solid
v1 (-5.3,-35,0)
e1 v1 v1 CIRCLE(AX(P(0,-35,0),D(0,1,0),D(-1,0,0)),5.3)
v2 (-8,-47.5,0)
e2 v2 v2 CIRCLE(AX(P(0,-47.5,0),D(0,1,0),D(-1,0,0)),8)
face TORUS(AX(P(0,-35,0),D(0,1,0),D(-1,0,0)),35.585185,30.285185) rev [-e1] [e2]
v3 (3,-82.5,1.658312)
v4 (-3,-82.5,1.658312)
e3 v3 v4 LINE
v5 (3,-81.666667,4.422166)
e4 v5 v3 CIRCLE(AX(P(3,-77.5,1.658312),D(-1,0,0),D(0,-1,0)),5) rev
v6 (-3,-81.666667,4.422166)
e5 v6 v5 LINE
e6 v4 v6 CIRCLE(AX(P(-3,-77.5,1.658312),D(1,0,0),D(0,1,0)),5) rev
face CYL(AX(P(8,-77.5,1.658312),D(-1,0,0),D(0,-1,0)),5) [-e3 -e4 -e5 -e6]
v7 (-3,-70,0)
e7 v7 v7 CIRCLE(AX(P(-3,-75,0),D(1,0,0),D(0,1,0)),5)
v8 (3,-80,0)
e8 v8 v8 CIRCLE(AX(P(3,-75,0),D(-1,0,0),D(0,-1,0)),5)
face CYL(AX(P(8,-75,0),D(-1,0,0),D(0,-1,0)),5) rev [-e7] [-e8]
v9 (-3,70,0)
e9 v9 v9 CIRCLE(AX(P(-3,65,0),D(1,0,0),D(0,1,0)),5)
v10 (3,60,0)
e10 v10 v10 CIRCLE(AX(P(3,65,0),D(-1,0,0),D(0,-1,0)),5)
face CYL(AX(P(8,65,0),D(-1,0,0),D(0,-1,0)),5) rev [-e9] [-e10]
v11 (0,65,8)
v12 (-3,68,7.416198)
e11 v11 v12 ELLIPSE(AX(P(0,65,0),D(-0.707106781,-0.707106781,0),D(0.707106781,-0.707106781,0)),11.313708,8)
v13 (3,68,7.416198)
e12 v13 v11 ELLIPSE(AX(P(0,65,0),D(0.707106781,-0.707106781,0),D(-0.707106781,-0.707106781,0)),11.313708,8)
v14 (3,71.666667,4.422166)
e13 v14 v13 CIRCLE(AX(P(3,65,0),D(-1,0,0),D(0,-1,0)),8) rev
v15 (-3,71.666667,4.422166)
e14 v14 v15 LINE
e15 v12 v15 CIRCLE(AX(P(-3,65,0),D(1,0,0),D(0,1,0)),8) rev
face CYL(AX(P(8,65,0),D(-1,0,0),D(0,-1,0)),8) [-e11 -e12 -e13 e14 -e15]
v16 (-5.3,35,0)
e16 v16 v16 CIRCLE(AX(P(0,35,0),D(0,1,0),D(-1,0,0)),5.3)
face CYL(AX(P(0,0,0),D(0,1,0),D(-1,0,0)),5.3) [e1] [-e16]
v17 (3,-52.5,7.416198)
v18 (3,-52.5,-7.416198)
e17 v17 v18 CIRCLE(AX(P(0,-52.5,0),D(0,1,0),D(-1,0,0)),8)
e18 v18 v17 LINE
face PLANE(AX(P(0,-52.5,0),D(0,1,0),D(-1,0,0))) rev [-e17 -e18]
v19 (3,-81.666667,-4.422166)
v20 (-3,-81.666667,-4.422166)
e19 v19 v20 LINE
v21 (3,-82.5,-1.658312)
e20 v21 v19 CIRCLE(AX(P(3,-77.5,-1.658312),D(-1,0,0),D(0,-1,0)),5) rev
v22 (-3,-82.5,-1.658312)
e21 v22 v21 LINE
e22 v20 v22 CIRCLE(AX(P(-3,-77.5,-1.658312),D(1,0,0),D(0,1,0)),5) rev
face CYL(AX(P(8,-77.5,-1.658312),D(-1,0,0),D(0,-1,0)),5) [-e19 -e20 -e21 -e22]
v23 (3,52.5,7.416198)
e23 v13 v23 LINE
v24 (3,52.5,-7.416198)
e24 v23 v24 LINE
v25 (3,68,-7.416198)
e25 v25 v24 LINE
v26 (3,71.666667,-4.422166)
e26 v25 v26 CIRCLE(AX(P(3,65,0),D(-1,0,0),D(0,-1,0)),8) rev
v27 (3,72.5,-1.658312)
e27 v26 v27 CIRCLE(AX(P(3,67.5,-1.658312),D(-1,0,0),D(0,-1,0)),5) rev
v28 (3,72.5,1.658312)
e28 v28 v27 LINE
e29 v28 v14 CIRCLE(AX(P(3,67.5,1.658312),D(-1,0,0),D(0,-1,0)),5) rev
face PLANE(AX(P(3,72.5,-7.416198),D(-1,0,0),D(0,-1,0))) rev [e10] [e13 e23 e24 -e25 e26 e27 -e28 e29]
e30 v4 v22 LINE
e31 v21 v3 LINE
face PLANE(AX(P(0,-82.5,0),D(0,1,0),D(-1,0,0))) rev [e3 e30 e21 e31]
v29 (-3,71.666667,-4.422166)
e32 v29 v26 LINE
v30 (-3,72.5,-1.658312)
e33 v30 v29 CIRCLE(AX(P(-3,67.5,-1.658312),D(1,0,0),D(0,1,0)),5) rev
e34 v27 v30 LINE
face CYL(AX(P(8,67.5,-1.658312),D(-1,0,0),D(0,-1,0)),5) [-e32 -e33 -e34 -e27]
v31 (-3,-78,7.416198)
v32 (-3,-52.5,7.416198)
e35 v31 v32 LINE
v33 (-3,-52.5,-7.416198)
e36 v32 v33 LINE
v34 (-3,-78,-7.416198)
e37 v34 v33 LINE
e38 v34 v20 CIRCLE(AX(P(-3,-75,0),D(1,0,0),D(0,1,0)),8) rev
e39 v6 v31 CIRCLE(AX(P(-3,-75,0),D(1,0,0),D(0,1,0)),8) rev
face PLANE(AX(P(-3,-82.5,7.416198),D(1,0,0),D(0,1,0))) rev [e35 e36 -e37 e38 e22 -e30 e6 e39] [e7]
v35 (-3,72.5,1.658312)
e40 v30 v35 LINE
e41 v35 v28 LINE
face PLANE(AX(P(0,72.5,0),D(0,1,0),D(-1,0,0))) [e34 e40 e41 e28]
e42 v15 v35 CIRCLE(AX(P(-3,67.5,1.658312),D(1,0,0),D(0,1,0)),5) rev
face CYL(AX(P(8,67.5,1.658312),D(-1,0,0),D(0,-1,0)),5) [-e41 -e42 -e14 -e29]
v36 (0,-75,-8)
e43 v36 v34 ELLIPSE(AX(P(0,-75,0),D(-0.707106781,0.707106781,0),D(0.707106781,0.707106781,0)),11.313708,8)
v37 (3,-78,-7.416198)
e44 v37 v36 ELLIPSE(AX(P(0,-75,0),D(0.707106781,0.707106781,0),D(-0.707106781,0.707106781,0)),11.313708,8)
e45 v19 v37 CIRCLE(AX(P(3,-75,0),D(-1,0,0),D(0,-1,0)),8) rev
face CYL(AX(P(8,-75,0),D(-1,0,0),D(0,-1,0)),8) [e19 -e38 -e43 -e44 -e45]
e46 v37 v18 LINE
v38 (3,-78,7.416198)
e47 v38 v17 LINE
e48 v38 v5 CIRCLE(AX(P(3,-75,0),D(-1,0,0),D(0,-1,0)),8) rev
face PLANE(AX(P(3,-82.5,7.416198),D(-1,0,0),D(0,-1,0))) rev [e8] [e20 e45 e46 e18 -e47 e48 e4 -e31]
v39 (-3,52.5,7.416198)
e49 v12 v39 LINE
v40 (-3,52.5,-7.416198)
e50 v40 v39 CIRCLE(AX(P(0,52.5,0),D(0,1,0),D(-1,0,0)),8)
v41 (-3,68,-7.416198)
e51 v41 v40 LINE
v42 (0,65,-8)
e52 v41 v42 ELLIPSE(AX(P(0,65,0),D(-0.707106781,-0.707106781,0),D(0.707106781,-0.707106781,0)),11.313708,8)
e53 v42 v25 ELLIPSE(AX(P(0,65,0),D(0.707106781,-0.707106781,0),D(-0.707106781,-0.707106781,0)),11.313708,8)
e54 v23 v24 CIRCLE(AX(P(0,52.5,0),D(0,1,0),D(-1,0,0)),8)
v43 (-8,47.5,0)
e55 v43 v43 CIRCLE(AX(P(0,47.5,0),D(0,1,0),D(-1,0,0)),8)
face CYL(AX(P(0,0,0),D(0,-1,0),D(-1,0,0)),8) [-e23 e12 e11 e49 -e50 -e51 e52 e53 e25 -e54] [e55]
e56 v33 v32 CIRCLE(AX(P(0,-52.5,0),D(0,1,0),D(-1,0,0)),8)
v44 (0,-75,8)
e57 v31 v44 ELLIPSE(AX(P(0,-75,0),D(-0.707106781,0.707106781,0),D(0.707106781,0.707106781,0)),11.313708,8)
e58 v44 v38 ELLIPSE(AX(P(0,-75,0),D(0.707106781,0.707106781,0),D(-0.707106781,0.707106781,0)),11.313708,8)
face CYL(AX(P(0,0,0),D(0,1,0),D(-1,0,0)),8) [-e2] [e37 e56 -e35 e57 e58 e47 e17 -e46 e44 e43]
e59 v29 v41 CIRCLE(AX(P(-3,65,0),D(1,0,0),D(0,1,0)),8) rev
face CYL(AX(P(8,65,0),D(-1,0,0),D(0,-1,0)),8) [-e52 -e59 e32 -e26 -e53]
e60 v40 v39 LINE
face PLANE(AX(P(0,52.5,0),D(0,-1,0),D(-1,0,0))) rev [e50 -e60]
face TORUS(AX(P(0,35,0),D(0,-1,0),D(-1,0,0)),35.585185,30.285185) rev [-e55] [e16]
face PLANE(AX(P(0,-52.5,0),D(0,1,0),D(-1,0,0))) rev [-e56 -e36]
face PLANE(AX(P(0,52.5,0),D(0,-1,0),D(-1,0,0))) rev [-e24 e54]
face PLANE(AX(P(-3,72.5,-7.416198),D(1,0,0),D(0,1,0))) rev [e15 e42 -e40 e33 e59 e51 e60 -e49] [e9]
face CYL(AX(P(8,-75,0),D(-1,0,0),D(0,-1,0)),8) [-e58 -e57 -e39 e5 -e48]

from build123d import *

# Parameters (mm, degrees)
BOSS_EXTRUDE1_DEPTH     = 20
BOSS_EXTRUDE2_DEPTH     = 30
SKETCH5_R               = 5
CUT_EXTRUDE1_DEPTH      = 6
CUT_EXTRUDE1_DEPTH_BACK = 12
FILLET6_R               = 5


with BuildPart() as part:
    # Sketch1 → Revolve1 (revolve)
    with BuildSketch(Plane.XY, mode=Mode.PRIVATE) as revolve1_sk:
        with BuildLine():
            Line((0, 0), (0, -52.5))
            Line((0, -52.5), (8, -52.5))
            Line((8, -52.5), (8, -47.5))
            ThreePointArc((8, -47.5), (5.982694721, -41.39413794), (5.3, -35))
            Line((5.3, -35), (5.3, 0))
            Line((5.3, 0), (0, 0))
        make_face()
    revolve1 = revolve(revolve1_sk.sketch.rotate(Axis((0, 0, 0), (0, -1, 0)), 180), axis=Axis((0, 0, 0), (0, -1, 0)))  # turned: the seam where the file's is

    # Mirror1: Revolve1 across plane
    add(revolve1.mirror(Plane(origin=(5.3, 0, 0), x_dir=(0, 0, 1), z_dir=(0, -1, 0))))

    # Sketch3 → Boss-Extrude1 (add)
    with BuildSketch(Plane(origin=(0, 52.5, 0), x_dir=(1, 0, 0), z_dir=(0, 1, 0))):
        with BuildLine():
            Line((-3, 7.416198487), (-3, -7.416198487))
            ThreePointArc((-3, -7.416198487), (0, -8), (3, -7.416198487))
            Line((3, -7.416198487), (3, 7.416198487))
            ThreePointArc((3, 7.416198487), (0, 8), (-3, 7.416198487))
        make_face()
    extrude(amount=BOSS_EXTRUDE1_DEPTH)

    # Sketch4 → Boss-Extrude2 (add)
    with BuildSketch(Plane.XZ.offset(52.5)):
        with BuildLine():
            Line((3, 7.416198487), (3, -7.416198487))
            ThreePointArc((3, -7.416198487), (0, -8), (-3, -7.416198487))
            Line((-3, -7.416198487), (-3, 7.416198487))
            ThreePointArc((-3, 7.416198487), (0, 8), (3, 7.416198487))
        make_face()
    extrude(amount=BOSS_EXTRUDE2_DEPTH)

    # Sketch5 → Cut-Extrude1 (cut, two sides)
    with BuildSketch(Plane.ZY.offset(3)) as cut_extrude1_sk:
        with Locations(Location((0, 65, 0), (0, 0, 270))):  # turned: the seam where the file's is
            Circle(SKETCH5_R)
        with Locations(Location((0, -75, 0), (0, 0, 270))):  # turned: the seam where the file's is
            Circle(SKETCH5_R)
        with BuildLine():
            Line((-18.407176047, 86.225483422), (21.713257403, 86.225483422))
            Line((21.713257403, 86.225483422), (21.713257403, 65))
            Line((21.713257403, 65), (8, 65))
            ThreePointArc((8, 65), (0, 73), (-8, 65))
            Line((-8, 65), (-18.407176047, 65))
            Line((-18.407176047, 65), (-18.407176047, 86.225483422))
        make_face()
        with BuildLine():
            Line((21.713257403, -75), (8, -75))
            ThreePointArc((8, -75), (0, -83), (-8, -75))
            Line((-8, -75), (-18.407176047, -75))
            Line((-18.407176047, -75), (-18.407176047, -89.54271926))
            Line((-18.407176047, -89.54271926), (21.713257403, -89.54271926))
            Line((21.713257403, -89.54271926), (21.713257403, -75))
        make_face()
    extrude(amount=CUT_EXTRUDE1_DEPTH, mode=Mode.SUBTRACT)
    extrude(cut_extrude1_sk.sketch, amount=-CUT_EXTRUDE1_DEPTH_BACK, mode=Mode.SUBTRACT)

    # Fillet6
    fillet6_edges = [part.edges().sort_by_distance(p)[0] for p in [
        (0, -82.5, 2.783882181),
        (0, -82.5, -2.783882181),
        (0, 72.5, 2.783882181),
        (0, 72.5, -2.783882181),
    ]]
    fillet(fillet6_edges, radius=FILLET6_R)


solid = part.part
